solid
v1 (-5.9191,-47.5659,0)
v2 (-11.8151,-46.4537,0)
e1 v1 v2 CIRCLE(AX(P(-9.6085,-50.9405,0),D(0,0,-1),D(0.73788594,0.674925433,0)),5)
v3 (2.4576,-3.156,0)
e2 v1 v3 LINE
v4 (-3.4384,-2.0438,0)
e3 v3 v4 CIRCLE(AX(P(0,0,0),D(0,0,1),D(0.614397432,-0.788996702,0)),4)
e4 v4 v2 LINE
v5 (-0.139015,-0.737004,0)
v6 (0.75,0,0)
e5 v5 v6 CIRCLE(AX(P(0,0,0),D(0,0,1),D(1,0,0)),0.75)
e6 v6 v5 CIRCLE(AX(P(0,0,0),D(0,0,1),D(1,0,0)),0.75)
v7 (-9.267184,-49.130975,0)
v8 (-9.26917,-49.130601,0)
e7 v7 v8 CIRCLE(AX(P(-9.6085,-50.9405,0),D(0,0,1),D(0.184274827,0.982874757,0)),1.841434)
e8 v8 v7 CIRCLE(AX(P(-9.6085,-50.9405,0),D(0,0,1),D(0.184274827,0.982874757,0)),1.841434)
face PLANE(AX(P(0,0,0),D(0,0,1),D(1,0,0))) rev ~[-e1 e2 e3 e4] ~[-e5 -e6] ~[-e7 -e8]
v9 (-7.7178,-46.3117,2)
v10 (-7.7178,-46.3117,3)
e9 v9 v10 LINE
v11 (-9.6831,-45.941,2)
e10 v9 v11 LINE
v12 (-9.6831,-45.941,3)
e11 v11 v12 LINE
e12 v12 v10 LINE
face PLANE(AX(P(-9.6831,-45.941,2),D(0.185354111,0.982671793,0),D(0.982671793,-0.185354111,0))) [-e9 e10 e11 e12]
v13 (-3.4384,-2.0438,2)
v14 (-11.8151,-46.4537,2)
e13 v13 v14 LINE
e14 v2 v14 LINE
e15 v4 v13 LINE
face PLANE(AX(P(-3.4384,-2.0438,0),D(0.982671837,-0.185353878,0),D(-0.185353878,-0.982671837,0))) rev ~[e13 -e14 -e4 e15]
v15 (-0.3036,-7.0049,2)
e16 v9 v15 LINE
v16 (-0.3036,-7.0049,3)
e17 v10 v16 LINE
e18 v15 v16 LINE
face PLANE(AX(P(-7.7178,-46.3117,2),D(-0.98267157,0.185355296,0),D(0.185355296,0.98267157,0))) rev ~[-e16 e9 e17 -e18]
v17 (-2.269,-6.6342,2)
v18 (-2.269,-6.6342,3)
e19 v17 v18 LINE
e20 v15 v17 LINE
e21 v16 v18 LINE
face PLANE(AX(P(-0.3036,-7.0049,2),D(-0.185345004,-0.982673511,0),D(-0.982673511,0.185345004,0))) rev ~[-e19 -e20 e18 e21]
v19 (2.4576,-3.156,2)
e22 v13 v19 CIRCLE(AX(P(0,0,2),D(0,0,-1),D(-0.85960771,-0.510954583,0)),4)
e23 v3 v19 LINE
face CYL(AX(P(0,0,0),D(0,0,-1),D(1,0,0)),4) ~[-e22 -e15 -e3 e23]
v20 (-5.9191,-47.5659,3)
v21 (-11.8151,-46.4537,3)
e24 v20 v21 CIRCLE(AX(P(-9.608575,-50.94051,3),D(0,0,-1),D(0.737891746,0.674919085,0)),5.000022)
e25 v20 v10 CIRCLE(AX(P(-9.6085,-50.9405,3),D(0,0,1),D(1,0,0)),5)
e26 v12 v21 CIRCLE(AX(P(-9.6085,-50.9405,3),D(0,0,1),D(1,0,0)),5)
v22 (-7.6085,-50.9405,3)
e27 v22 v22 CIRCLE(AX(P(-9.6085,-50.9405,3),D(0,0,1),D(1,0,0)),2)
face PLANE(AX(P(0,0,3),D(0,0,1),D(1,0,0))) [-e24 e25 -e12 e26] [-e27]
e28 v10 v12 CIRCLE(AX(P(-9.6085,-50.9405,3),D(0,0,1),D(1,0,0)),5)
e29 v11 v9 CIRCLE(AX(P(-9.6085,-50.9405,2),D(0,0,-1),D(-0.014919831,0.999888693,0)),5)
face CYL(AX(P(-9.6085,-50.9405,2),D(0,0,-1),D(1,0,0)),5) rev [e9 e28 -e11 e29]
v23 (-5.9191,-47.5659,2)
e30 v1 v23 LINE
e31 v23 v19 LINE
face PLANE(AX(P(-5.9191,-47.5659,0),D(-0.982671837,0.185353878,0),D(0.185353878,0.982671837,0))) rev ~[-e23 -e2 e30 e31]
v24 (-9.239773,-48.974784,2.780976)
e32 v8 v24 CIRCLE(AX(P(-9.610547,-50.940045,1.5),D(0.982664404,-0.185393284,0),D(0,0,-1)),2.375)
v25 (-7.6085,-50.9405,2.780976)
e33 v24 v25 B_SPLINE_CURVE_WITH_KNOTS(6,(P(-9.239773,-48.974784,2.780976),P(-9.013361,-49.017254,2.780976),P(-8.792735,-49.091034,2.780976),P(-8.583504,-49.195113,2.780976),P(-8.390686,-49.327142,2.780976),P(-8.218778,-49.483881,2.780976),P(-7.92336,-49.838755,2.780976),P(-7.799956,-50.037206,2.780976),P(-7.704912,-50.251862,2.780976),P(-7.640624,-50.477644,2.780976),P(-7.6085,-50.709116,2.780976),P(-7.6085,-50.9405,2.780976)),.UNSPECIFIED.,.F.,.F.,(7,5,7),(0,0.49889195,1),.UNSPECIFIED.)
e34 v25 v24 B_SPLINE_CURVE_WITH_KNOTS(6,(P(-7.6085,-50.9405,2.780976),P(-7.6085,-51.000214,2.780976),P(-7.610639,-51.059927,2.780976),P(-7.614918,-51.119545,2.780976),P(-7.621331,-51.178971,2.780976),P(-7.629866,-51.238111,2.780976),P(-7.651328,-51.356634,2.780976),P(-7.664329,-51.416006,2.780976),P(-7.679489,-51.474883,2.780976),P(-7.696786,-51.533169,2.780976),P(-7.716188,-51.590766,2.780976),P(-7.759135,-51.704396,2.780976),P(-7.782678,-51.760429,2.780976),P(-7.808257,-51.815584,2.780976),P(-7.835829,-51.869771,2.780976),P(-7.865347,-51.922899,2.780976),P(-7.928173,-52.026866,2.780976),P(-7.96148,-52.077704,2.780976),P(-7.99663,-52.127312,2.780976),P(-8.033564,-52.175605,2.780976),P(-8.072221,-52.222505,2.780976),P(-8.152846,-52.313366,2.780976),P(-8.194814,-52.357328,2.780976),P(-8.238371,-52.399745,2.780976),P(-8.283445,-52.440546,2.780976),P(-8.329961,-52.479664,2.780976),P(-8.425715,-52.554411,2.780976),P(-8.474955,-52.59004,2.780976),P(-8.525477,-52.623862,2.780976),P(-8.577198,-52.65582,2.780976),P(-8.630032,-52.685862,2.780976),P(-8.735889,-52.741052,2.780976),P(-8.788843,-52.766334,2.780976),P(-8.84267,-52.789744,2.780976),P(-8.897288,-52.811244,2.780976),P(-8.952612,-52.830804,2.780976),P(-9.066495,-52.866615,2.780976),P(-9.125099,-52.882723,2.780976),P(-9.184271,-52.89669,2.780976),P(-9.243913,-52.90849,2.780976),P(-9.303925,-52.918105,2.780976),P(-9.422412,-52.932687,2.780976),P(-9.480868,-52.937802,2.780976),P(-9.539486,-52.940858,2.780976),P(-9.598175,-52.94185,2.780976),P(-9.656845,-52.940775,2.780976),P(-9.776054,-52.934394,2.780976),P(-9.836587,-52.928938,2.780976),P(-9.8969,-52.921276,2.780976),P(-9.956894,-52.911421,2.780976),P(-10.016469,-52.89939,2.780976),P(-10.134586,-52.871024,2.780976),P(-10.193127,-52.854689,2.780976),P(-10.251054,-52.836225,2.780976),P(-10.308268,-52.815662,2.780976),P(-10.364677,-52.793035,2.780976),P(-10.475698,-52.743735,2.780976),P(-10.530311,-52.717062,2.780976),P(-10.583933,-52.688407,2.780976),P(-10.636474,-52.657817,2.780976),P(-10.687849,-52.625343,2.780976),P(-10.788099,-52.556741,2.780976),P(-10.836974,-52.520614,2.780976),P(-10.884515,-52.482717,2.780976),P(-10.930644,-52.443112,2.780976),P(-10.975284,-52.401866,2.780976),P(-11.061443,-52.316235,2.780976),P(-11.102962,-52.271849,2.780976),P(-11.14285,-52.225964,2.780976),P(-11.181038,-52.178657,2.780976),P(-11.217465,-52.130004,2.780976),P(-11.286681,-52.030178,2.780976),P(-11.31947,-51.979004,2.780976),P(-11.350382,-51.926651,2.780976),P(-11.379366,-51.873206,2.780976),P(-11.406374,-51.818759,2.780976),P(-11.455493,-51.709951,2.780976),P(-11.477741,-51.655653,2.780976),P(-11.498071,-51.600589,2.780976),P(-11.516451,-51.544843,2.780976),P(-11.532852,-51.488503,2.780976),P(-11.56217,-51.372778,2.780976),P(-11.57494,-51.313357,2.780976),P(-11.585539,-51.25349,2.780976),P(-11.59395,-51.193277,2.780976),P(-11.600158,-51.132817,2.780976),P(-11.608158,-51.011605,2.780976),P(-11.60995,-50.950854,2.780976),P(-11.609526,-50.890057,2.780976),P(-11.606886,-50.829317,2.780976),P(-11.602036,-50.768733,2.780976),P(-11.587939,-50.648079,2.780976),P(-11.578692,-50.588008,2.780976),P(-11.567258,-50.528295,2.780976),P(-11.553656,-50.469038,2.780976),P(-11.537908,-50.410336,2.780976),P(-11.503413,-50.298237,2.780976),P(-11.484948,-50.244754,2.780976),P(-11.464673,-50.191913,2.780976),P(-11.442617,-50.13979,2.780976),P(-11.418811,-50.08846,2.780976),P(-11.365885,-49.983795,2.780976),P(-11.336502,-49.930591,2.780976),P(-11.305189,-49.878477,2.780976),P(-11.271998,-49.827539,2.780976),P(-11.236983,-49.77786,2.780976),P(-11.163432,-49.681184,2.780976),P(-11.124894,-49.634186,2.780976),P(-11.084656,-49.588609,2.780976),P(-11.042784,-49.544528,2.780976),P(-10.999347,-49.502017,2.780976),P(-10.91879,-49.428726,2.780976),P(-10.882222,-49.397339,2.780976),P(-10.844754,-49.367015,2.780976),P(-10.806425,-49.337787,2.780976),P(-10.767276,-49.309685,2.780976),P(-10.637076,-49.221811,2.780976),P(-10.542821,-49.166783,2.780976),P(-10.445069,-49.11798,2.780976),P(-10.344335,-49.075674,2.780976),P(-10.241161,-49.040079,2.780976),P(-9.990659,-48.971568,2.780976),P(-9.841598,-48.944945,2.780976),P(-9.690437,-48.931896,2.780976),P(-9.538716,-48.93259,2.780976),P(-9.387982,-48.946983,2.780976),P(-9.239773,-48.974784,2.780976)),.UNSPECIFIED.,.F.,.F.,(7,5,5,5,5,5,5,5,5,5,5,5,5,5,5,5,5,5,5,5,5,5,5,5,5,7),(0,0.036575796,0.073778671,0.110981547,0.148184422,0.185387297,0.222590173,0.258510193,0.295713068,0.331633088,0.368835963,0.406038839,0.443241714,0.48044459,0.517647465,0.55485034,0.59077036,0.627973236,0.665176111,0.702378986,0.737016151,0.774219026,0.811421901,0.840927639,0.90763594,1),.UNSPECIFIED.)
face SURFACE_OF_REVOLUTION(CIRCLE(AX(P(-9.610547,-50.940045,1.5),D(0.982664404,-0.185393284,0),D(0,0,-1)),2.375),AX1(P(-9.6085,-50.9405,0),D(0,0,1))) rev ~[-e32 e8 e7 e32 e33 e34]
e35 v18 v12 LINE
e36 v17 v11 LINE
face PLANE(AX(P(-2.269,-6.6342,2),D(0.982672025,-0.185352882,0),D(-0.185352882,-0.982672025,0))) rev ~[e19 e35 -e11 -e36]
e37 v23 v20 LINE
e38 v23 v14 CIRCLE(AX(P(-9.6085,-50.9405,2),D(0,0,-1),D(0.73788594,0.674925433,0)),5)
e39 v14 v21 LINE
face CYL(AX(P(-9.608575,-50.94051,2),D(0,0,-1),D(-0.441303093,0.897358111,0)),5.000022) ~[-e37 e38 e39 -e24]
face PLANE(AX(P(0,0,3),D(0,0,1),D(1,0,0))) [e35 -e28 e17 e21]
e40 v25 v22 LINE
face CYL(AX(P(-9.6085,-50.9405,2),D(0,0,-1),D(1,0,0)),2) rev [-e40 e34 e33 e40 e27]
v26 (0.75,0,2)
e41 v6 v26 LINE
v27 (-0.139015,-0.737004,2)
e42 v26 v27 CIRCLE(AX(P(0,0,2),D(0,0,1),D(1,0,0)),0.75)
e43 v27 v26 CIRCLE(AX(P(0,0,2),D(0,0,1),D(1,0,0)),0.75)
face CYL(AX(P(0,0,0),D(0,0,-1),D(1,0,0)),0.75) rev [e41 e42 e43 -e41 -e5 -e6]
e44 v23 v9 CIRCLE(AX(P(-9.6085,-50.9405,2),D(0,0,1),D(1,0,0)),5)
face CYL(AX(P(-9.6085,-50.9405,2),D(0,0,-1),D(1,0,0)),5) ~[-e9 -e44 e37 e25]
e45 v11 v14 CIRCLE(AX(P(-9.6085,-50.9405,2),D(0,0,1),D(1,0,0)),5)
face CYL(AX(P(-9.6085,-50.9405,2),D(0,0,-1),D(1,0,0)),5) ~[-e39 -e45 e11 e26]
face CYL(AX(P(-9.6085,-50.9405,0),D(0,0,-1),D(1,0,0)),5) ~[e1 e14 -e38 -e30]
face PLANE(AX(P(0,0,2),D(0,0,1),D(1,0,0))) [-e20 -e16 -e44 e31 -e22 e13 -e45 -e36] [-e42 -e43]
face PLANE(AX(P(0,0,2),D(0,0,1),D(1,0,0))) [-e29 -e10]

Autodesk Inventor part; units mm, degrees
ref_plane "YZ Plane" through (0, 0, 0) normal (1, 0, 0) x (0, 1, 0)
ref_plane "XZ Plane" through (0, 0, 0) normal (0, 1, 0) x (-1, 0, 0)
ref_plane "XY Plane" through (0, 0, 0) normal (0, 0, 1) x (1, 0, 0)
sketch "Sketch4" plane through (0, 0, 0) normal (0, 0, 1) x (1, 0, 0)
  circle A0 centre (0, 0) radius 0.75
  circle A1 centre (0, 0) radius 4
  spline S0 degree 3 poles (-10.1085, -50.9407) (-10.1085, -50.8779) (-10.096, -50.811) (-10.045, -50.6877) (-10.0066, -50.6315) (-9.9178, -50.5427) (-9.8616, -50.5042) (-9.7385, -50.4531) (-9.6715, -50.4405) (-9.5459, -50.4405) (-9.479, -50.453) (-9.3558, -50.5039) (-9.2995, -50.5424) (-9.2107, -50.6311) (-9.1722, -50.6873) (-9.1211, -50.8105) (-9.1085, -50.8775) (-9.1085, -51.003) (-9.121, -51.07) (-9.1719, -51.1932) (-9.2104, -51.2495) (-9.2991, -51.3383) (-9.3553, -51.3768) (-9.4785, -51.4279) (-9.5455, -51.4405) (-9.671, -51.4405) (-9.738, -51.428) (-9.8612, -51.377) (-9.9175, -51.3386) (-10.0063, -51.2498) (-10.0448, -51.1936) (-10.0959, -51.0705) (-10.1085, -51.0035) (-10.1085, -50.9407) knots 0 0 0 0 0.018836 0.018836 0.037671 0.037671 0.056507 0.056507 0.075342 0.075342 0.094178 0.094178 0.113013 0.113013 0.131849 0.131849 0.150684 0.150684 0.16952 0.16952 0.188355 0.188355 0.207191 0.207191 0.226026 0.226026 0.244862 0.244862 0.263697 0.263697 0.282533 0.282533 0.301369 0.301369 0.301369 0.301369 projected
  spline S1 degree 3 poles (-10.1085, -50.9407) (-10.1085, -50.8779) (-10.096, -50.811) (-10.045, -50.6877) (-10.0066, -50.6315) (-9.9178, -50.5427) (-9.8616, -50.5042) (-9.7385, -50.4531) (-9.6715, -50.4405) (-9.5459, -50.4405) (-9.479, -50.453) (-9.3558, -50.5039) (-9.2995, -50.5424) (-9.2107, -50.6311) (-9.1722, -50.6873) (-9.1211, -50.8105) (-9.1085, -50.8775) (-9.1085, -51.003) (-9.121, -51.07) (-9.1719, -51.1932) (-9.2104, -51.2495) (-9.2991, -51.3383) (-9.3553, -51.3768) (-9.4785, -51.4279) (-9.5455, -51.4405) (-9.671, -51.4405) (-9.738, -51.428) (-9.8612, -51.377) (-9.9175, -51.3386) (-10.0063, -51.2498) (-10.0448, -51.1936) (-10.0959, -51.0705) (-10.1085, -51.0035) (-10.1085, -50.9407) knots 0 0 0 0 0.018836 0.018836 0.037671 0.037671 0.056507 0.056507 0.075342 0.075342 0.094178 0.094178 0.113013 0.113013 0.131849 0.131849 0.150684 0.150684 0.16952 0.16952 0.188355 0.188355 0.207191 0.207191 0.226026 0.226026 0.244862 0.244862 0.263697 0.263697 0.282533 0.282533 0.301369 0.301369 0.301369 0.301369 projected
  circle A2 centre (-9.6085, -50.9405) radius 2.375
  circle A3 centre (-9.6085, -50.9405) radius 5
  line L0 (-9.6085, -50.9405) -> (0, 0)
  line L1 (-3.4384, -2.0438) -> (-11.8151, -46.4537)
  line L2 (-5.9191, -47.5659) -> (2.4576, -3.156)
  circle A4 centre (-9.6085, -50.9405) radius 1
  point P0 (-10.1085, -50.9407)
  dimension "d15" = 1.5
  dimension "d16" = 8
  dimension "d20" = 10
  dimension "d21" = 3
  dimension "d22" = 3
  dimension "d24" = 2
extrude "Extrusion3" add sketch "Sketch4" along normal blind 2 contours A1 | A1 L2 A3 L0 | L0 A3 L1 A1 | A3 | A2
ref_plane "Work Plane3" through (0, 0, 0) normal (0.9827, -0.1854, 0) x (0, 0, 1)
sketch "Sketch7" plane through (0, 0, 2) normal (0, 0, 1) x (1, 0, 0)
  arc A0 (-11.8151, -46.4537) -> (-5.9191, -47.5659) centre (-9.6085, -50.9405) ccw projected
  circle A1 centre (-9.6085, -50.9405) radius 1 projected
  circle A2 centre (-9.6085, -50.9405) radius 5
  circle A3 centre (-9.6085, -50.9405) radius 2
  line L0 (-9.6831, -45.941) -> (-7.7178, -46.3117)
  line L1 (-7.7178, -46.3117) -> (-0.3036, -7.0049)
  line L2 (-0.3036, -7.0049) -> (-2.269, -6.6342)
  line L3 (-2.269, -6.6342) -> (-9.6831, -45.941)
  line L4 (-3.4384, -2.0438) -> (-11.8151, -46.4537) projected
  point P0 (0, 0)
  dimension "d26" = 4
  dimension "d27" = 2
  dimension "d28" = 40
extrude "Extrusion4" add sketch "Sketch7" along normal blind 1 contours A2 L0 A0 | L3 L2 L1 A2
sketch "Sketch8" plane through (0, 0, 0) normal (0.9827, -0.1854, 0) x (0, 0, 1)
  line L0 (2, 52.8387) -> (2, 50.8387) projected
  line L1 (0, 50.8387) -> (0, 52.8387) projected
  line L2 (3, 53.8387) -> (3, 49.8387) projected
  line L3 (2, 49.8387) -> (2, 53.8387) projected
  line L4 (0, 51.8387) -> (3, 51.8387)
  line L5 (3, 46.9398) -> (3, 46.8387) projected
  line L6 (0, 51.8387) -> (-0.875, 51.8387)
  line L7 (0, 47.8387) -> (0, 56.8387) projected
  line L8 (3, 51.8387) -> (3.875, 51.8387)
  arc A0 (3, 53.6801) -> (0, 53.6801) centre (1.5, 51.8387) ccw
  arc A1 (-0.875, 51.8387) -> (3.875, 51.8387) centre (1.5, 51.8387) ccw
  line L9 (-1.825, 51.8387) -> (4.825, 51.8387) projected
  point P0 (0, 0)
revolve "Revolution2" cut sketch "Sketch8" angle 360 about axis through (-9.6085, -50.9405, 0) along (0, 0, 1) contours L7 A1 L6 L1 | L1 L4 L2 A1 L7 | L2 L8 A1
equation "\"d22\" = d21"
properties part number "BackArm"
